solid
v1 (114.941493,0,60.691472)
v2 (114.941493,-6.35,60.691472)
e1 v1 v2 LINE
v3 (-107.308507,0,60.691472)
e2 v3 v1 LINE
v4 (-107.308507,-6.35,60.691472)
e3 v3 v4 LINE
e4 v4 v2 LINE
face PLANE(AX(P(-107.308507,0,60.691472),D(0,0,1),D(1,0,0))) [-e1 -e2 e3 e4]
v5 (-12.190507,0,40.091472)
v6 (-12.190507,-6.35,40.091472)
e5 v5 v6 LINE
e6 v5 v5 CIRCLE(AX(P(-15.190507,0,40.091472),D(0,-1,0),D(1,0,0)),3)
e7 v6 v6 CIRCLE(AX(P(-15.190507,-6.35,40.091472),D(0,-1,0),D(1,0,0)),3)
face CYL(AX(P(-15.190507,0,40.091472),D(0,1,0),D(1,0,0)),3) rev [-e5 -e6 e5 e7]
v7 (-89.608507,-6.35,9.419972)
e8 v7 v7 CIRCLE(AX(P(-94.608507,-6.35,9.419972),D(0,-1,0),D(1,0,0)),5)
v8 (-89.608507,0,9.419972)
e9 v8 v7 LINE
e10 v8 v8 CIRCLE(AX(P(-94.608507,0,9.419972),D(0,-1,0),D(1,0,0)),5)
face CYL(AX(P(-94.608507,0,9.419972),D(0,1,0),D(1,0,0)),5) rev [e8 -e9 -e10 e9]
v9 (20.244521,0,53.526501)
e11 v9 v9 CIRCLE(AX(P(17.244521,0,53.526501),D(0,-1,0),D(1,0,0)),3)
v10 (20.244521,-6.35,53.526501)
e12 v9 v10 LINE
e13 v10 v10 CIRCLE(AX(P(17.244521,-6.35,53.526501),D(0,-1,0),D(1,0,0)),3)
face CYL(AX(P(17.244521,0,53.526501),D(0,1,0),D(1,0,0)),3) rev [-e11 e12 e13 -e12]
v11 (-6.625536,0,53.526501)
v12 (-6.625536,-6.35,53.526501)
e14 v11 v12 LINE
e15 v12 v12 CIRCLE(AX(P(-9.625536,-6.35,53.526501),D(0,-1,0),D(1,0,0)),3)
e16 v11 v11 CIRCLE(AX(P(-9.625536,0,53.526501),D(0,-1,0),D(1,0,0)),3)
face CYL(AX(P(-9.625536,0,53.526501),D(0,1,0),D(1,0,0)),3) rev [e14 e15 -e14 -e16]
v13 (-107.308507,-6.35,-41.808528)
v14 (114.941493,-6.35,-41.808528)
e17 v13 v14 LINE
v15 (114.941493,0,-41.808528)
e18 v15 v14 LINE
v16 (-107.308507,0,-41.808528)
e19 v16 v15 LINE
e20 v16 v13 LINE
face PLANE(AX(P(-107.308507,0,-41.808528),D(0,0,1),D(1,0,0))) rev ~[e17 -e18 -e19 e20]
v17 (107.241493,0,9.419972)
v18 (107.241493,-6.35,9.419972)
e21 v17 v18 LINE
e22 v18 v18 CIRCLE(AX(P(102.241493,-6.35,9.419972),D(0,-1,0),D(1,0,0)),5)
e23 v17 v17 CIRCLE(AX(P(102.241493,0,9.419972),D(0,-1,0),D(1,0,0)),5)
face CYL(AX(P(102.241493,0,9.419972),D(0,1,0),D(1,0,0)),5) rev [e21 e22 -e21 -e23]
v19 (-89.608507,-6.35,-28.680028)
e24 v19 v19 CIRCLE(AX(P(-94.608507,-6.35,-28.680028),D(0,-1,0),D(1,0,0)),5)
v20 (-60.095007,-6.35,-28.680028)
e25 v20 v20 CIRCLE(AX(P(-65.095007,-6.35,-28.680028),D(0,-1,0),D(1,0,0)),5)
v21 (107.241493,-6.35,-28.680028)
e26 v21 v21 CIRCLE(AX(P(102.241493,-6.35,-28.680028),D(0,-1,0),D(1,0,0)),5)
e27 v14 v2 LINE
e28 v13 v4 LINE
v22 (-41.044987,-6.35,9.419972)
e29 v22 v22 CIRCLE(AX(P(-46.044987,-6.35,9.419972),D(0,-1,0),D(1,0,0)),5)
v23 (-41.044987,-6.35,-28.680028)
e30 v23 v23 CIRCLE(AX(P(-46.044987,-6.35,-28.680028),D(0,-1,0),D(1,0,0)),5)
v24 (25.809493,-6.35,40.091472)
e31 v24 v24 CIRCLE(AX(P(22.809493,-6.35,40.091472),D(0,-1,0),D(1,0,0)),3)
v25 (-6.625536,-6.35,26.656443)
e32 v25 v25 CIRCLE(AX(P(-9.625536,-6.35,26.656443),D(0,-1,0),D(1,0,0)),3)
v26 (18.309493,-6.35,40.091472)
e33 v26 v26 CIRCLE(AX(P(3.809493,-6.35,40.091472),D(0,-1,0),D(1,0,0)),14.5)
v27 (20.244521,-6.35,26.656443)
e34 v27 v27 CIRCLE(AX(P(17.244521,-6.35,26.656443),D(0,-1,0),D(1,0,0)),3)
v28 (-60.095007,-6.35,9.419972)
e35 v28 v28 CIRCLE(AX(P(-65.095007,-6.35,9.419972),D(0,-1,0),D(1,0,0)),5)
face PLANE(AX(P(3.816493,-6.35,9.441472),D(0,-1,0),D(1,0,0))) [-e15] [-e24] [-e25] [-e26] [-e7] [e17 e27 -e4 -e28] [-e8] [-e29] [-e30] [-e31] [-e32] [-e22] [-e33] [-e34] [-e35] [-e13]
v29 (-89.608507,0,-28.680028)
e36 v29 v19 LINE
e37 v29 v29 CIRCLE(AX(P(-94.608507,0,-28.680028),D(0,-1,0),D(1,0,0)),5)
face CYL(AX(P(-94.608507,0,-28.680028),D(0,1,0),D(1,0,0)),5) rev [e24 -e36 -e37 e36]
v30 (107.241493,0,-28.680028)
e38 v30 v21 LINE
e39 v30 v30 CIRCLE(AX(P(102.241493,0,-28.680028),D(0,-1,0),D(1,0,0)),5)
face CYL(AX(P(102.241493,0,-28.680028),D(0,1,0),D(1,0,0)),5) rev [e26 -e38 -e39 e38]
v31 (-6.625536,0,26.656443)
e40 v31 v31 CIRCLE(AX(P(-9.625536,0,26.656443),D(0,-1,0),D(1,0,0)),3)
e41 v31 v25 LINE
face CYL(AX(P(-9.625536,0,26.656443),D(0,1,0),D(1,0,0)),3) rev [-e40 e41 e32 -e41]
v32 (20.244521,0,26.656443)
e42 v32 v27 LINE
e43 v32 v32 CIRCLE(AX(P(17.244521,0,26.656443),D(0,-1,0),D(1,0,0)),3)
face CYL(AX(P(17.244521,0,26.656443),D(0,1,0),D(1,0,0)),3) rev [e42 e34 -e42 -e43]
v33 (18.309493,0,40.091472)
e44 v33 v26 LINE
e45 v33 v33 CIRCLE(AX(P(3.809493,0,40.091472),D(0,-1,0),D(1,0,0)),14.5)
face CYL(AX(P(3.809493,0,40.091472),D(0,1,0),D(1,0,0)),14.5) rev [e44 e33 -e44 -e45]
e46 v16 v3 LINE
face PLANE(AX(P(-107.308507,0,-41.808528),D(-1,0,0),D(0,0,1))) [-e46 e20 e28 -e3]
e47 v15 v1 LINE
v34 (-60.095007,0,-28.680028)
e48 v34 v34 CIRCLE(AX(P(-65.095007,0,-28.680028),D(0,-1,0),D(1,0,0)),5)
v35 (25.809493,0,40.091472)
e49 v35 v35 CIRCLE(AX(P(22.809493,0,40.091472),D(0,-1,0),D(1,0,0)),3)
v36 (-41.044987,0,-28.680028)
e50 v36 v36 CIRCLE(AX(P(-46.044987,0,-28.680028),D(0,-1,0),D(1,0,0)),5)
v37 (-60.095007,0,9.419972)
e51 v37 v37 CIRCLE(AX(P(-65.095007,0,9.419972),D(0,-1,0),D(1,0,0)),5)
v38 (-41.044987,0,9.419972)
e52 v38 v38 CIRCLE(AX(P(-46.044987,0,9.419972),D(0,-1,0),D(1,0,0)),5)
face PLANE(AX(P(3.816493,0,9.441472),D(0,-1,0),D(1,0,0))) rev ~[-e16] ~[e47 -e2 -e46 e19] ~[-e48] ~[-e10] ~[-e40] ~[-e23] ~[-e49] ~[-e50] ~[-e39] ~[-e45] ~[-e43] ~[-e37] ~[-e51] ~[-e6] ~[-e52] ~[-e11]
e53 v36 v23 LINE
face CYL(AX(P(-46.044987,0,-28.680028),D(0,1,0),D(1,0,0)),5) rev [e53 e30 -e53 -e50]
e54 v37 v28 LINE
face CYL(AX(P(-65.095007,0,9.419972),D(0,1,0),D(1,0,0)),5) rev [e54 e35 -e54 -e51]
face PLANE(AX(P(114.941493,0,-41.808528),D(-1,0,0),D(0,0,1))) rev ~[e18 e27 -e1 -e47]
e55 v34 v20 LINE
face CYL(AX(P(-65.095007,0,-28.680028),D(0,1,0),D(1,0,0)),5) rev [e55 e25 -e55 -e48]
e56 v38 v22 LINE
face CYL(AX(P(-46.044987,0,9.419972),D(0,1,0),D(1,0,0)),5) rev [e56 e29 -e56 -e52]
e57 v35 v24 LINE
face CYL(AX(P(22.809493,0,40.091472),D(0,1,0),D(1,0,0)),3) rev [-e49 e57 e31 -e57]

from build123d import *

# Parameters (mm, degrees)
F0_W     = 222.25
F0_H     = 102.5
F0_R     = 5
F0_R_2   = 3
F0_R_3   = 14.5
F1_DEPTH = 6.35


with BuildPart() as f1:
    # F0 (on Front) → F1 (new body)
    with BuildSketch(Plane.XZ):
        with Locations((3.816493, 9.441472)):
            Rectangle(F0_W, F0_H)
        with Locations((-94.608507, -28.680028)):
            Circle(F0_R, mode=Mode.SUBTRACT)
        with Locations((-65.095007, -28.680028)):
            Circle(F0_R, mode=Mode.SUBTRACT)
        with Locations((-46.044987, -28.680028)):
            Circle(F0_R, mode=Mode.SUBTRACT)
        with Locations((-94.608507, 9.419972)):
            Circle(F0_R, mode=Mode.SUBTRACT)
        with Locations((-65.095007, 9.419972)):
            Circle(F0_R, mode=Mode.SUBTRACT)
        with Locations((-46.044987, 9.419972)):
            Circle(F0_R, mode=Mode.SUBTRACT)
        with Locations((102.241493, -28.680028)):
            Circle(F0_R, mode=Mode.SUBTRACT)
        with Locations((102.241493, 9.419972)):
            Circle(F0_R, mode=Mode.SUBTRACT)
        with Locations((-9.625536, 26.656443)):
            Circle(F0_R_2, mode=Mode.SUBTRACT)
        with Locations((-15.190507, 40.091472)):
            Circle(F0_R_2, mode=Mode.SUBTRACT)
        with Locations((3.809493, 40.091472)):
            Circle(F0_R_3, mode=Mode.SUBTRACT)
        with Locations((-9.625536, 53.526501)):
            Circle(F0_R_2, mode=Mode.SUBTRACT)
        with Locations((17.244521, 26.656443)):
            Circle(F0_R_2, mode=Mode.SUBTRACT)
        with Locations((22.809493, 40.091472)):
            Circle(F0_R_2, mode=Mode.SUBTRACT)
        with Locations((17.244521, 53.526501)):
            Circle(F0_R_2, mode=Mode.SUBTRACT)
    extrude(amount=F1_DEPTH)


solid = f1.part
